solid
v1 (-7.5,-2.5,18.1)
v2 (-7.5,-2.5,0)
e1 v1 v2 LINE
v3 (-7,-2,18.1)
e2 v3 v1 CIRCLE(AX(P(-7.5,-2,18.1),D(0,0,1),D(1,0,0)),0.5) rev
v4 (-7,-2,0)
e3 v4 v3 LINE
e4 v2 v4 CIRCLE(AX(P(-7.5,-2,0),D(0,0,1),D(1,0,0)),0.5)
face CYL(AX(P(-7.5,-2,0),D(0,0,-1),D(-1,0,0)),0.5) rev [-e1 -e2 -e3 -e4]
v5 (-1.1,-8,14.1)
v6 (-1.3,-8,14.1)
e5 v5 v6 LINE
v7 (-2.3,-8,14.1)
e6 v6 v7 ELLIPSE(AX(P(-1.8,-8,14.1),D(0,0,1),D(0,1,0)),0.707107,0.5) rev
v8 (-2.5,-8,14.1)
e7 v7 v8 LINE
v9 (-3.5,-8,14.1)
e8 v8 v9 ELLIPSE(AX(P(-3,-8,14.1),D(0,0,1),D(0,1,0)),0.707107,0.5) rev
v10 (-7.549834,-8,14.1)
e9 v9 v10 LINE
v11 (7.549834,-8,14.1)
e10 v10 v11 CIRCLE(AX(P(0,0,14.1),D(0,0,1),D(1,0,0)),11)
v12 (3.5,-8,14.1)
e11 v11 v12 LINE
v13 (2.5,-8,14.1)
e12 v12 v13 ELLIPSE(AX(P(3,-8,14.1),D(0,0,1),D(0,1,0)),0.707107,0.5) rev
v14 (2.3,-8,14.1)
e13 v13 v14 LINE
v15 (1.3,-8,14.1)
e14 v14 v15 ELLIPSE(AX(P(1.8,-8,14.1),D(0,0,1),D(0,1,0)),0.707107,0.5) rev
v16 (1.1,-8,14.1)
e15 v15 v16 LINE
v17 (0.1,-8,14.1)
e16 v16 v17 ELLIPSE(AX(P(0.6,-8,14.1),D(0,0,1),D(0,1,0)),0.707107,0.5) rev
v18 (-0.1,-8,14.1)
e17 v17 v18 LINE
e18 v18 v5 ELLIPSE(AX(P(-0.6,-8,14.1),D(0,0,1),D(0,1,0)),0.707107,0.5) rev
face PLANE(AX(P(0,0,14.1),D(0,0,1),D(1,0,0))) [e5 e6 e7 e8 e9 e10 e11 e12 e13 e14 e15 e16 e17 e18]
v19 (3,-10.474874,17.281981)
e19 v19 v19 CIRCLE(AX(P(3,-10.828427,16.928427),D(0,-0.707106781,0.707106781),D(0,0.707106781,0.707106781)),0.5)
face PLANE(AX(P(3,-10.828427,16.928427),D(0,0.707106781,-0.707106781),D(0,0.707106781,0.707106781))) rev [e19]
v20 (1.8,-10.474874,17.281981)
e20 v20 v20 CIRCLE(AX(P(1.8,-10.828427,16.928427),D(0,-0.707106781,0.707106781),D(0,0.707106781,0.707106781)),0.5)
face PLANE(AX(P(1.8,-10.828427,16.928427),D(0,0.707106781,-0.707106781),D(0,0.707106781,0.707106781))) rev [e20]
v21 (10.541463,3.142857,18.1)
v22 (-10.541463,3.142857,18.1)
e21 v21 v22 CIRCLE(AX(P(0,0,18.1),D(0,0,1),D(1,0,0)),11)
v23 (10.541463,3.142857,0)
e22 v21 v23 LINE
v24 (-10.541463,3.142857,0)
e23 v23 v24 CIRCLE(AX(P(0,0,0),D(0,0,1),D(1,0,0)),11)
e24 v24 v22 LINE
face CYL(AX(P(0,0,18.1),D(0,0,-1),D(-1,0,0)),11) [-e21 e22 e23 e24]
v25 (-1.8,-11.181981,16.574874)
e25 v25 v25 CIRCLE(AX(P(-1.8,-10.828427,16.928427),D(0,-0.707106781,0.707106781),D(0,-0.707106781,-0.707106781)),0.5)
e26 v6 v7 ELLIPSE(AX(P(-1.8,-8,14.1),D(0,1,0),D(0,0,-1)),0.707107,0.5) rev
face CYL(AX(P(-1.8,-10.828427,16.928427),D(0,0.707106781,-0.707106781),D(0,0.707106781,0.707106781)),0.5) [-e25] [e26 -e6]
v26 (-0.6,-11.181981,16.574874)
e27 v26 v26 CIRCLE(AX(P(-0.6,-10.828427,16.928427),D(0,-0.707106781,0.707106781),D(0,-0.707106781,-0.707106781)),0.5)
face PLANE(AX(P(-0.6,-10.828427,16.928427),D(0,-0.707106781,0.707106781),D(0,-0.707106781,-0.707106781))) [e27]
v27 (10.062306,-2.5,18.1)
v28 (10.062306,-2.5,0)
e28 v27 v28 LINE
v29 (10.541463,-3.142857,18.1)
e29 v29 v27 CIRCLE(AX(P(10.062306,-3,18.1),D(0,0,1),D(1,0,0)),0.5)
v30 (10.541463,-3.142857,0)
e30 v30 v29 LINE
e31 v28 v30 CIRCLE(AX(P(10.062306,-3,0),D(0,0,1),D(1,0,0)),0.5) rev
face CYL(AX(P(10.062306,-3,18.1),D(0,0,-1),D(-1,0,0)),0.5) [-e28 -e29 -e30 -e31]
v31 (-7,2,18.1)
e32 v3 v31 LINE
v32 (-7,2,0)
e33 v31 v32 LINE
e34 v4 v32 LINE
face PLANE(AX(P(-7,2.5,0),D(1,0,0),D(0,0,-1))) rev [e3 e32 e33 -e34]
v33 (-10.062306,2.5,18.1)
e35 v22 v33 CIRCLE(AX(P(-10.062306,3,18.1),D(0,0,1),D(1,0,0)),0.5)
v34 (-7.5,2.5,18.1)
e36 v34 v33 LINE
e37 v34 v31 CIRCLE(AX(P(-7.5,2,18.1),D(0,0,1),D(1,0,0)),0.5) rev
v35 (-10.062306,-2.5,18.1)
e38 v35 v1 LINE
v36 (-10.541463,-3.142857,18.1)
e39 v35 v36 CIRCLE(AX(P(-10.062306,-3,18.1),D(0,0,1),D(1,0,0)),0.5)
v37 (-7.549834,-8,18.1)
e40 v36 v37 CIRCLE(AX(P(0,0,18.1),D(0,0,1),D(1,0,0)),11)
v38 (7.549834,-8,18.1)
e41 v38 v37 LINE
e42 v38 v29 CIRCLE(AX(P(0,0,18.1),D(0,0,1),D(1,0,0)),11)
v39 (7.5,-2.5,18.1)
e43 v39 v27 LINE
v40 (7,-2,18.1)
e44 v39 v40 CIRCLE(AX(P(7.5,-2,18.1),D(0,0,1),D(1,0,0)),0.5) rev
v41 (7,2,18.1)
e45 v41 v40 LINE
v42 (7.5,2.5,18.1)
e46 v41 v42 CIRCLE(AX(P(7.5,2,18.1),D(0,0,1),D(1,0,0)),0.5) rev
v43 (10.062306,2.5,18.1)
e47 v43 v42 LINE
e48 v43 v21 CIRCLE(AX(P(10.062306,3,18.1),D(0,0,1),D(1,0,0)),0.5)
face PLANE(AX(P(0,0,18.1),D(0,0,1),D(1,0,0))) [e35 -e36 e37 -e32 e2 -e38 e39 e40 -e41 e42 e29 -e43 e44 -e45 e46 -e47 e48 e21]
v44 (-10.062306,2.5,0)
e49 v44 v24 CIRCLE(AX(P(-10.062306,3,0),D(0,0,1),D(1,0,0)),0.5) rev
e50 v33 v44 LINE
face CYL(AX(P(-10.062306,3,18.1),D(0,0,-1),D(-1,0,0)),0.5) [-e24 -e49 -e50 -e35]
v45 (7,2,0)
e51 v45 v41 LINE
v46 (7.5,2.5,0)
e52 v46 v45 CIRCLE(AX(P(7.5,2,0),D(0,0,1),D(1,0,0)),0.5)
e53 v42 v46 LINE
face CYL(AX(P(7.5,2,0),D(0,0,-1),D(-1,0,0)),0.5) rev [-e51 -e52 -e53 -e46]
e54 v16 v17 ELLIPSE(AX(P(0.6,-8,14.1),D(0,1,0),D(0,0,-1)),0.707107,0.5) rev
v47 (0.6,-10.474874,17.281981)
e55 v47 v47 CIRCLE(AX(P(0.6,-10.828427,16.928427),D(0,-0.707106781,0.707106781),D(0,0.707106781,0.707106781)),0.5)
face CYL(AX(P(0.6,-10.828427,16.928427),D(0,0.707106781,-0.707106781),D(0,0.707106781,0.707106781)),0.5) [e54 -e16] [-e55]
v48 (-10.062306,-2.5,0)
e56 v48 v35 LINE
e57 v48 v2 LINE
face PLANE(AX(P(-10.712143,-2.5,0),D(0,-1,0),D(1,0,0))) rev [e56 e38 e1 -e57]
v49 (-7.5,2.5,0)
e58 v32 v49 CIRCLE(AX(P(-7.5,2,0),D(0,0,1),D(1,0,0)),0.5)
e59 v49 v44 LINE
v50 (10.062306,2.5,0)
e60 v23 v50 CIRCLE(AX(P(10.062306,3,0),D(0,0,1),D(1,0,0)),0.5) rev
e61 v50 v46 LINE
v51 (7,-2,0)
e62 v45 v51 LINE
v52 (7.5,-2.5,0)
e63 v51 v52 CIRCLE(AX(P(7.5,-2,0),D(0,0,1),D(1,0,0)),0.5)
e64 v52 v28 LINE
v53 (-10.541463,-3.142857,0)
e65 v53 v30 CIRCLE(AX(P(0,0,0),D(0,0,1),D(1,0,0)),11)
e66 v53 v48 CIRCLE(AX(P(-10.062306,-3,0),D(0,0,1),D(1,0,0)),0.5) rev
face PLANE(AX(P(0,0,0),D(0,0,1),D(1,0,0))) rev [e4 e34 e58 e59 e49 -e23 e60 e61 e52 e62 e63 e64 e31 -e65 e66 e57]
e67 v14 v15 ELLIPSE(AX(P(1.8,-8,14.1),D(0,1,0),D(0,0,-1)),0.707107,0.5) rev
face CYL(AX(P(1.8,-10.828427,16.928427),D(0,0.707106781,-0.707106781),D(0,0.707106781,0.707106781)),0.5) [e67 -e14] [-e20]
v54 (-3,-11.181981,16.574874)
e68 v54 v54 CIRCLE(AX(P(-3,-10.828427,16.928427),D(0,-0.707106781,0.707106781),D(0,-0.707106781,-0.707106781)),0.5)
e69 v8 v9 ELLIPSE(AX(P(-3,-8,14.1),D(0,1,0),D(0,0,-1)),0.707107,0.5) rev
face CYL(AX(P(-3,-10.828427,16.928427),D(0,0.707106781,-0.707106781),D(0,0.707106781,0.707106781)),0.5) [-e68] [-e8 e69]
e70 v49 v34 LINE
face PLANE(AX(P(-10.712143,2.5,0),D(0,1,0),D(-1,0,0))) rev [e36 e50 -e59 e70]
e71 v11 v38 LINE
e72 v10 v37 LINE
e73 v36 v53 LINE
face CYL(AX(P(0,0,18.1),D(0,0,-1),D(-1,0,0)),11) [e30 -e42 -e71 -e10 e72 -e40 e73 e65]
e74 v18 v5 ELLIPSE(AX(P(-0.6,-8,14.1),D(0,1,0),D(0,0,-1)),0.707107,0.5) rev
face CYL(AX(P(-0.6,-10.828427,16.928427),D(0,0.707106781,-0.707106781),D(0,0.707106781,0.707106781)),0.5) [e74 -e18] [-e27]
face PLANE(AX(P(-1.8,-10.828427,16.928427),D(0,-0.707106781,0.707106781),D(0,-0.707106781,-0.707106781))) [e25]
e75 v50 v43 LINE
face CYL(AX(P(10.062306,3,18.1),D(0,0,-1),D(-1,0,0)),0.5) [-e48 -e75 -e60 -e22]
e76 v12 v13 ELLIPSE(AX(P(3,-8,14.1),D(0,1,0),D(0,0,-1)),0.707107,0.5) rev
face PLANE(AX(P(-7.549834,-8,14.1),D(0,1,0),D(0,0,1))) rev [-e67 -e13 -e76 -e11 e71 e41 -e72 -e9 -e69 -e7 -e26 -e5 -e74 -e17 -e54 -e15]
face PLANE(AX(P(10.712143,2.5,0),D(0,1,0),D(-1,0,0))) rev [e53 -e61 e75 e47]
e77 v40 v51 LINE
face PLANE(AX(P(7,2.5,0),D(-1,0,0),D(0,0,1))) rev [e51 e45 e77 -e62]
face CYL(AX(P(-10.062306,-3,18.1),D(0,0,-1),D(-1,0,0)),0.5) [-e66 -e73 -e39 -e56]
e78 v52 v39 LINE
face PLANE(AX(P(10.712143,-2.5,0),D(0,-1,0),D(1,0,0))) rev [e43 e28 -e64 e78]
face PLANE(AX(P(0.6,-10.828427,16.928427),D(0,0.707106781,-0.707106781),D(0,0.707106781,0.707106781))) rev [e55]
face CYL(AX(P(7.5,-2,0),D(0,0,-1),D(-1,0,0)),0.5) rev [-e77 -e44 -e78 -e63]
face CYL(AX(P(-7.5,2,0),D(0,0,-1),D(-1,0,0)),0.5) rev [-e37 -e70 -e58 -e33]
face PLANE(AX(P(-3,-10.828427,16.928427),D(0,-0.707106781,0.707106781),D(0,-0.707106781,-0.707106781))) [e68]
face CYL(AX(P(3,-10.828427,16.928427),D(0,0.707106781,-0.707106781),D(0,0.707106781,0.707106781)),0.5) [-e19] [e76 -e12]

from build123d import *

# Parameters (mm, degrees)
ESQUISSE1_R             = 11
BOSS_EXTRU_1_DEPTH      = 18.1
ENL_V_MAT_EXTRU_2_DEPTH = 24.866503724
ENL_V_START             = -4
ENL_V_MAT_EXTRU_3_DEPTH = 4
CONG_1_R                = 0.5
ESQUISSE6_R             = 0.5
BOSS_EXTRU_2_DEPTH      = 4


with BuildPart() as part:
    # Esquisse1 → Boss.-Extru.1 (new body)
    with BuildSketch(Plane.XY):
        with Locations(Location((0, 0, 0), (0, 0, 180))):
            Circle(ESQUISSE1_R)
    extrude(amount=BOSS_EXTRU_1_DEPTH)

    # Esquisse4 → Enlèv. mat.-Extru.2 (cut, through all)
    with BuildSketch(Plane.XY.offset(18.1)):
        with BuildLine():
            Line((10.712142643, 2.5), (7, 2.5))
            Line((7, 2.5), (7, -2.5))
            Line((7, -2.5), (10.712142643, -2.5))
            ThreePointArc((10.712142643, -2.5), (11, 0), (10.712142643, 2.5))
        make_face()
        with BuildLine():
            Line((-10.712142643, -2.5), (-7, -2.5))
            Line((-7, -2.5), (-7, 2.5))
            Line((-7, 2.5), (-10.712142643, 2.5))
            ThreePointArc((-10.712142643, 2.5), (-11, 0), (-10.712142643, -2.5))
        make_face()
    extrude(amount=-ENL_V_MAT_EXTRU_2_DEPTH, mode=Mode.SUBTRACT)

    # Esquisse5 → Enlèv. mat.-Extru.3 (cut)
    with BuildSketch(Plane.XY.offset(18.1).offset(ENL_V_START)):
        with BuildLine():
            Line((-7.549834435, -8), (7.549834435, -8))
            ThreePointArc((7.549834435, -8), (0, -11), (-7.549834435, -8))
        make_face()
    extrude(amount=ENL_V_MAT_EXTRU_3_DEPTH, mode=Mode.SUBTRACT)

    # Congé1
    cong_1_edges = [part.edges().sort_by_distance(p)[0] for p in [
        (10.712142643, 2.5, 9.05),
        (10.712142643, -2.5, 9.05),
        (7, -2.5, 9.05),
        (7, 2.5, 9.05),
        (-10.712142643, -2.5, 9.05),
        (-10.712142643, 2.5, 9.05),
        (-7, 2.5, 9.05),
        (-7, -2.5, 9.05),
    ]]
    fillet(cong_1_edges, radius=CONG_1_R)

    # Esquisse6 → Boss.-Extru.2 (add)
    with BuildSketch(Plane(origin=(0, -11.05, 11.05), x_dir=(-1, 0, 0), z_dir=(0, -0.7071067811865464, 0.7071067811865488))):
        with Locations(Location((0.6, -4.313351365, 0), (0, 0, 180))):
            Circle(ESQUISSE6_R)
        with Locations(Location((1.8, -4.313351365, 0), (0, 0, 180))):
            Circle(ESQUISSE6_R)
        with Locations(Location((3, -4.313351365, 0), (0, 0, 180))):
            Circle(ESQUISSE6_R)
        with Locations(Location((-3, -4.313351365, 0), (0, 0, 270))):
            Circle(ESQUISSE6_R)
        with Locations(Location((-1.8, -4.313351365, 0), (0, 0, 270))):
            Circle(ESQUISSE6_R)
        with Locations(Location((-0.6, -4.313351365, 0), (0, 0, 270))):
            Circle(ESQUISSE6_R)
    extrude(amount=BOSS_EXTRU_2_DEPTH)


solid = part.part
